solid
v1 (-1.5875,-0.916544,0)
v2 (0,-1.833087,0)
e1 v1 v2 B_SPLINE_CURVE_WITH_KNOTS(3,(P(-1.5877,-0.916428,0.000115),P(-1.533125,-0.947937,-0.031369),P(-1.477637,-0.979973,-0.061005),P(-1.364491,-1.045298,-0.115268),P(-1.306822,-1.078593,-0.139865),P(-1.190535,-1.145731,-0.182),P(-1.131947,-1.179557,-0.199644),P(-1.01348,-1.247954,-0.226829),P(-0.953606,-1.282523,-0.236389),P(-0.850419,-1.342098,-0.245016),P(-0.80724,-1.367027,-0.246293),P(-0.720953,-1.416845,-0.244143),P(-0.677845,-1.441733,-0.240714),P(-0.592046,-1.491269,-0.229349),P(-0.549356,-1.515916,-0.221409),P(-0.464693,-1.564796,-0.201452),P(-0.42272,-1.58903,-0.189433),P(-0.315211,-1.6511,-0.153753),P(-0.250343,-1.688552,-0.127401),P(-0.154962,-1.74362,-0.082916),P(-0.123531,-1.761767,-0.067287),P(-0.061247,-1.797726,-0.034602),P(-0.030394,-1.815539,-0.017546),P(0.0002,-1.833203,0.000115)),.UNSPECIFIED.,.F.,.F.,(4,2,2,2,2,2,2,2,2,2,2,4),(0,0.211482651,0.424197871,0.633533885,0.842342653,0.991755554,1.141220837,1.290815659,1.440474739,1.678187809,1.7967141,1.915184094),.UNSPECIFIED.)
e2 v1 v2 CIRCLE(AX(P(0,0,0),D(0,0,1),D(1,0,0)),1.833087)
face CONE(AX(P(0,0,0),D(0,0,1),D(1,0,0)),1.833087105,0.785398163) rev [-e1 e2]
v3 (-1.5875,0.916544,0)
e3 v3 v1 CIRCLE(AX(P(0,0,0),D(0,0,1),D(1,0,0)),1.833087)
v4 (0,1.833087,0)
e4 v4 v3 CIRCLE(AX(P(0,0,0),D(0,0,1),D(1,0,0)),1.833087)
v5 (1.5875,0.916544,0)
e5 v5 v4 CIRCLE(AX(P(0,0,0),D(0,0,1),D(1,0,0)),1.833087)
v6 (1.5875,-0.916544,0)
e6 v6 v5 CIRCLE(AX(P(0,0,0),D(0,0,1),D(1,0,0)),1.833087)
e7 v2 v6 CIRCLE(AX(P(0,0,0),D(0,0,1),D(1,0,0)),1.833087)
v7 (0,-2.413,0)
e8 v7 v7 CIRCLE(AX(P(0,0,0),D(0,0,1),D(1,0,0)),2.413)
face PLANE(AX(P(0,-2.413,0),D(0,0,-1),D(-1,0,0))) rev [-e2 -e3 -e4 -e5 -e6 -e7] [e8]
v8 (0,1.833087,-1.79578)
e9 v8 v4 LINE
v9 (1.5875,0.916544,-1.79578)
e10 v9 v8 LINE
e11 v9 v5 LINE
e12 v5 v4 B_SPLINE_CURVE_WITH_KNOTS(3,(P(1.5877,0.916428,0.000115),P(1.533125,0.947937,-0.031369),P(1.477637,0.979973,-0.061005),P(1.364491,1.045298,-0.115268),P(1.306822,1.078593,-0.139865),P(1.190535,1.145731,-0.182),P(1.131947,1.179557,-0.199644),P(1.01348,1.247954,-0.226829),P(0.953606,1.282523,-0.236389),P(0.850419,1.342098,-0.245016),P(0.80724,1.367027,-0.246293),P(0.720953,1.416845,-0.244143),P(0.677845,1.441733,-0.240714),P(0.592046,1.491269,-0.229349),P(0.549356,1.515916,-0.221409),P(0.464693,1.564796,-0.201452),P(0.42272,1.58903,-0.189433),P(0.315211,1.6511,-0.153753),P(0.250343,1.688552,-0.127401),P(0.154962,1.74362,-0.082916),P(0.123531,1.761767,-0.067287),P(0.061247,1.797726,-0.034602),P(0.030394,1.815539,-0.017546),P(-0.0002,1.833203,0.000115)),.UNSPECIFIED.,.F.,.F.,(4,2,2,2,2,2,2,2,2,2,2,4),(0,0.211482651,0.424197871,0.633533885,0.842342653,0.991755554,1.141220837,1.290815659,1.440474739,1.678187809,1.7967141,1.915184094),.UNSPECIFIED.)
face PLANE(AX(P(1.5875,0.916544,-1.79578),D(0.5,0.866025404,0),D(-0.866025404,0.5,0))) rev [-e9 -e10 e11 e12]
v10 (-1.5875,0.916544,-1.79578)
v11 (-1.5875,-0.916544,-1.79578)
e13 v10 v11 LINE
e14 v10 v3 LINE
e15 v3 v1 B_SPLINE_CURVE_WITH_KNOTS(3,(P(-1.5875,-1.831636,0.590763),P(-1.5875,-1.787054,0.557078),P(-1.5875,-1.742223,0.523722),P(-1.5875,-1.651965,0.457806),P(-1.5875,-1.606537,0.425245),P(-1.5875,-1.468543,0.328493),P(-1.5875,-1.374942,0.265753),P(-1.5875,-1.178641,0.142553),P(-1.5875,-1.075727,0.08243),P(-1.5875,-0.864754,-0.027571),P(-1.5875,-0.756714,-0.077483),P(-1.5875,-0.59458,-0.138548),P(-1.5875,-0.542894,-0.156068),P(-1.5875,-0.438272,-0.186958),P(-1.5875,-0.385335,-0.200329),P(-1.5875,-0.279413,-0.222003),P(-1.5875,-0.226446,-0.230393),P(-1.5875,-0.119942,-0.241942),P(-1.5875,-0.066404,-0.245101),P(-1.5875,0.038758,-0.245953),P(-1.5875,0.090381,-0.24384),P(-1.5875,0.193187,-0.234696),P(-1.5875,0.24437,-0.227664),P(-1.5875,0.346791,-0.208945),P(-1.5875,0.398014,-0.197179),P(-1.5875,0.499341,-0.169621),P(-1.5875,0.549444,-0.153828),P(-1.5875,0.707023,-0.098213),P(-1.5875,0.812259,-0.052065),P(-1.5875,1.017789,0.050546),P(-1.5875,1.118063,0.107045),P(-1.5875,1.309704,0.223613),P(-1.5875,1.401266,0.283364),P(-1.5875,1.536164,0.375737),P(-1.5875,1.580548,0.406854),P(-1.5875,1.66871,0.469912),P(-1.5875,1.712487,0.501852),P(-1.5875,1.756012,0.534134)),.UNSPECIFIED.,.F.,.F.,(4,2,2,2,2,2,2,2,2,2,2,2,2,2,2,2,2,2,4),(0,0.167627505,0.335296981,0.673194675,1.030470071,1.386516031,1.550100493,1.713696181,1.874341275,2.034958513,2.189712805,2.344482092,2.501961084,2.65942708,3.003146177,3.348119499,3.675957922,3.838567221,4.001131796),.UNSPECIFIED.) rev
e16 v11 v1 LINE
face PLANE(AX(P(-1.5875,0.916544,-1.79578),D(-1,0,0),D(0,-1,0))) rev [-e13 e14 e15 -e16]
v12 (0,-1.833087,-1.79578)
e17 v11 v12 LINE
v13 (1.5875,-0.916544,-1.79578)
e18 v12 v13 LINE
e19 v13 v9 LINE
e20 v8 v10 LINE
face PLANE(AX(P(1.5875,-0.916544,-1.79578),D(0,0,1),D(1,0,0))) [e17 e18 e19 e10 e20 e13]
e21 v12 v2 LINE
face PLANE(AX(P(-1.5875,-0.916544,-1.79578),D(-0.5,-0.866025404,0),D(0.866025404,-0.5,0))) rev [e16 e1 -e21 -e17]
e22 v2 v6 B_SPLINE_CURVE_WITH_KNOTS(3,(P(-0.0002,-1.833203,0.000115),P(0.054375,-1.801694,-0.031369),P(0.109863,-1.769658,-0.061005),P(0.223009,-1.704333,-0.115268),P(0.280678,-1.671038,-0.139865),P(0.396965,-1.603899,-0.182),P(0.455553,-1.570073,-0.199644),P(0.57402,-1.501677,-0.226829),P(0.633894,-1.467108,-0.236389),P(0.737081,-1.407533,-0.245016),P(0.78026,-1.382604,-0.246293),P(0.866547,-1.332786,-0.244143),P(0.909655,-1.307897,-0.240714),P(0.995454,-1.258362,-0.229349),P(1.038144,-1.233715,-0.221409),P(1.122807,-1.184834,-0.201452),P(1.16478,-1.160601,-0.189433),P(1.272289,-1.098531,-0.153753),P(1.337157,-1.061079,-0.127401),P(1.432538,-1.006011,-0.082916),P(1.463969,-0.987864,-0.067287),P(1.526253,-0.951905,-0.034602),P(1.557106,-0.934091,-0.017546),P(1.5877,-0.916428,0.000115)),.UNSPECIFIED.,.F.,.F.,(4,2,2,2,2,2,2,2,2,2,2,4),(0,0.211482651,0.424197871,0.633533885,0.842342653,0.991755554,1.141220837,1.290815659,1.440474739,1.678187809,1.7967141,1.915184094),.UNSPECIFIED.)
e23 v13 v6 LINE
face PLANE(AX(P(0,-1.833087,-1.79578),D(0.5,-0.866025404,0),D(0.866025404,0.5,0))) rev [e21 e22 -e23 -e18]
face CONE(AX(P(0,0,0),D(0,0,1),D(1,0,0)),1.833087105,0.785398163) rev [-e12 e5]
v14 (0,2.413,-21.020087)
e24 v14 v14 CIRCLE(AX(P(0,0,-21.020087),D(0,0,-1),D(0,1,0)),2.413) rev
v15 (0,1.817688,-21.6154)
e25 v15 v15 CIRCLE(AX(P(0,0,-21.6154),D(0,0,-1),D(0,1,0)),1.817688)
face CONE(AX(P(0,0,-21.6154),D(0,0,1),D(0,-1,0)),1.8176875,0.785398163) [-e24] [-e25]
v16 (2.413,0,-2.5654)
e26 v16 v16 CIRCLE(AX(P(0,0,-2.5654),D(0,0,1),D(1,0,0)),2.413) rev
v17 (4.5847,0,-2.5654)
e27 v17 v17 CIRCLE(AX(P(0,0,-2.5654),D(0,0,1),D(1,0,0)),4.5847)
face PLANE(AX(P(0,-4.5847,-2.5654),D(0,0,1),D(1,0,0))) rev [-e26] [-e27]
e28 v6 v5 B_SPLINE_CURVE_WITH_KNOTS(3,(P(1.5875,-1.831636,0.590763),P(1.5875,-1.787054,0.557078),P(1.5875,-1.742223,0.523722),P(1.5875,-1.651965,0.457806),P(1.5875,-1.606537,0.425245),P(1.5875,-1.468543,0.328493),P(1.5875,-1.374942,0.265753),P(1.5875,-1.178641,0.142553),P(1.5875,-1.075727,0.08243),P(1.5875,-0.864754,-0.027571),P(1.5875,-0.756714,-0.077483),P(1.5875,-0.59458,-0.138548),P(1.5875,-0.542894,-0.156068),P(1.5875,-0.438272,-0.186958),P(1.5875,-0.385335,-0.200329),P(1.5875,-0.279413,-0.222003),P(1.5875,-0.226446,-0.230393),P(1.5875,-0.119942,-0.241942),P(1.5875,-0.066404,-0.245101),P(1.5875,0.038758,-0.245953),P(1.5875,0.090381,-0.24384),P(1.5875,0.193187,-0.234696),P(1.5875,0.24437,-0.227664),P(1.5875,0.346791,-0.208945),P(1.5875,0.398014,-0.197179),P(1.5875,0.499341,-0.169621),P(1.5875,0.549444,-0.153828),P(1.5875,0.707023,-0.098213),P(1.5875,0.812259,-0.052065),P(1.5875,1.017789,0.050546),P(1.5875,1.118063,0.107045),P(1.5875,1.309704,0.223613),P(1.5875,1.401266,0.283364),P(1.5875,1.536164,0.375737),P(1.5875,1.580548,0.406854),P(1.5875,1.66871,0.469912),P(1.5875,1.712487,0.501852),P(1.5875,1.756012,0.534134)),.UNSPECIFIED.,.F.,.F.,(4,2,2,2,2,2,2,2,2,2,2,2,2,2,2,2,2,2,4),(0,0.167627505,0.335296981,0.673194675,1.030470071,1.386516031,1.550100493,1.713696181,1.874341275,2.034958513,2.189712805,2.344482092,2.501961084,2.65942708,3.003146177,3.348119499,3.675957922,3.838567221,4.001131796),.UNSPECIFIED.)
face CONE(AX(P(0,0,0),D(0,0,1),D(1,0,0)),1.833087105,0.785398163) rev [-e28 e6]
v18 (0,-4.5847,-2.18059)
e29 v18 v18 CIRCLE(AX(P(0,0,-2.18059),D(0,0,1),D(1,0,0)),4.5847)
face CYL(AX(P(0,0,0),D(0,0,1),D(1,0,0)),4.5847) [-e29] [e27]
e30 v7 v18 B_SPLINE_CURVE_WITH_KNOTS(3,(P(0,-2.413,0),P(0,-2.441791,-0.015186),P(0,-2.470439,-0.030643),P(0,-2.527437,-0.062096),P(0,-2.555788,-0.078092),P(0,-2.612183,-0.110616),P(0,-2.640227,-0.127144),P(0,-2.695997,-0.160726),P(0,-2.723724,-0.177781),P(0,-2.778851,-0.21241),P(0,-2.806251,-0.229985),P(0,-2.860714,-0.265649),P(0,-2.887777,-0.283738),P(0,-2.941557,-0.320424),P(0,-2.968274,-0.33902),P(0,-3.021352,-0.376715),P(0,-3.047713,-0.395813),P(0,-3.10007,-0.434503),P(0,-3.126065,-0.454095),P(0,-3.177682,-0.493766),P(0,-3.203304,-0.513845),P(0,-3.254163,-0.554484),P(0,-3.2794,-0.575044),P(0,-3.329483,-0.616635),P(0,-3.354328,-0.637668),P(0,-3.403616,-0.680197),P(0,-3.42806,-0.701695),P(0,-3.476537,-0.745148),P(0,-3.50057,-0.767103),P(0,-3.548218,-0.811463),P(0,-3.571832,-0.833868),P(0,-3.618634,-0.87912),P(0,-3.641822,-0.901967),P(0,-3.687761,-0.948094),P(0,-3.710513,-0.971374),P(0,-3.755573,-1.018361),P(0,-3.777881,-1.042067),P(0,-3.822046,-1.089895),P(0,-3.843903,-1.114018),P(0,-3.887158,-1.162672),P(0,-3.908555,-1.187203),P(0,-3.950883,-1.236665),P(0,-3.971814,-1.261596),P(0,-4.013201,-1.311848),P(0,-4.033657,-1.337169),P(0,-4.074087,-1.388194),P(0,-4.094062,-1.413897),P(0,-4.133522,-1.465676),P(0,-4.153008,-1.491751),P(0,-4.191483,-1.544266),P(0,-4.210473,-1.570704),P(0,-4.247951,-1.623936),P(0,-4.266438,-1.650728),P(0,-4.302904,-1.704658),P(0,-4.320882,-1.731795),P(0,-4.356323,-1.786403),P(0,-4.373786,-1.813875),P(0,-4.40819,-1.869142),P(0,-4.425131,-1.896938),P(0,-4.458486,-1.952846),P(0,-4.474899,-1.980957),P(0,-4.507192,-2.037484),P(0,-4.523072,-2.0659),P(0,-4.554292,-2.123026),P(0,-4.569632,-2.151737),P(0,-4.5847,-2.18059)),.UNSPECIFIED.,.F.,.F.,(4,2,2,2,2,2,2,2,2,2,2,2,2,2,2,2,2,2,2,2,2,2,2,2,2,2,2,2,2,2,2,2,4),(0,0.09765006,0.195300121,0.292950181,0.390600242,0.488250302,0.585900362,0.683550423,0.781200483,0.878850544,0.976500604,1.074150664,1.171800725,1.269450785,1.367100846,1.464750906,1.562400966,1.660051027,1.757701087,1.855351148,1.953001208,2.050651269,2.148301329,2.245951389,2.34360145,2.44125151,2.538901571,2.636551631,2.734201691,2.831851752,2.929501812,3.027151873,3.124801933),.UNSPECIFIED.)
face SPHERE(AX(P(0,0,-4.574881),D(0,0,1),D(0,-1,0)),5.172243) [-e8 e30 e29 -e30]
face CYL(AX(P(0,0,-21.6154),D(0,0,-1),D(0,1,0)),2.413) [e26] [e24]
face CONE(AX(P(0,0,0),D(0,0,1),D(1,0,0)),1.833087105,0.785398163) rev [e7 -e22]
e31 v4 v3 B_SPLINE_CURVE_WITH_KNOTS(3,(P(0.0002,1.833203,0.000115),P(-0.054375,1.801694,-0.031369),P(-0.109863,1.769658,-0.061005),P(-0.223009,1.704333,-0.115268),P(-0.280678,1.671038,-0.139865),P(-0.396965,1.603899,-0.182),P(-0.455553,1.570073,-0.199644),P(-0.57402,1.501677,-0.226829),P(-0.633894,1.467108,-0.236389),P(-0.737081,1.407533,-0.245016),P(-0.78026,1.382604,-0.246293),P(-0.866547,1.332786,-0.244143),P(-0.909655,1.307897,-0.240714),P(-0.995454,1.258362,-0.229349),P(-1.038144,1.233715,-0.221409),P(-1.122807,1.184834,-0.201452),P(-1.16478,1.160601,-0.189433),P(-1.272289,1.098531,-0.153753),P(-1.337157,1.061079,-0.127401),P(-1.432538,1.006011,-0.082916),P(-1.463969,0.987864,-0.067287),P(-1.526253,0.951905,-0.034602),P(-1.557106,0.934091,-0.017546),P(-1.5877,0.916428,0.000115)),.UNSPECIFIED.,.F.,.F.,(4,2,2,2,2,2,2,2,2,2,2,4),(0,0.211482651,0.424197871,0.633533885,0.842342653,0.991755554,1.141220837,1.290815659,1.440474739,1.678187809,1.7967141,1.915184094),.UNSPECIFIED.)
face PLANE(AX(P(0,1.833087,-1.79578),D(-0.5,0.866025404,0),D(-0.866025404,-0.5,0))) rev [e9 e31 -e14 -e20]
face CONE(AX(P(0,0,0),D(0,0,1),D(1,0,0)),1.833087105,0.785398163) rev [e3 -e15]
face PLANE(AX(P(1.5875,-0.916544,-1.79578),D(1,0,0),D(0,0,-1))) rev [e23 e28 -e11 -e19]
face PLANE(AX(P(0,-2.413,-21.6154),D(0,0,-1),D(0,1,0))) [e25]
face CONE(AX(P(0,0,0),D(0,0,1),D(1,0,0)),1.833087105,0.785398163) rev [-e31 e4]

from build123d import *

# Parameters (mm, degrees)
SKETCH1_W          = 19.05
SKETCH1_H          = 2.413
CHAMFER1_SIZE      = 0.5953125
CUT_EXTRUDE2_DEPTH = 1.79578
SKETCH6_R          = 1.833087105
CUT_EXTRUDE3_DEPTH = 1.79578
CUT_EXTRUDE3_TAPER = 45


with BuildPart() as part:
    # Sketch1 → Revolve1 (revolve)
    with BuildSketch(Plane(origin=(0, 0, 0), x_dir=(0, 0, -1), z_dir=(1, 0, 0))):
        with Locations((12.0904, 1.2065)):
            Rectangle(SKETCH1_W, SKETCH1_H)
    revolve(axis=Axis((0, 0, -21.6154), (0, 0, 1)))

    # Chamfer1
    chamfer1_edges = [part.edges().sort_by_distance(p)[0] for p in [
        (0, -2.413, -21.6154),
    ]]
    chamfer(chamfer1_edges, length=CHAMFER1_SIZE)

    # Sketch7 → Revolve2 (revolve)
    with BuildSketch(Plane(origin=(0, 0, 0), x_dir=(0, 0, -1), z_dir=(1, 0, 0))):
        with BuildLine():
            Line((2.18059, 4.5847), (2.5654, 4.5847))
            Line((2.5654, 4.5847), (2.5654, 0))
            Line((2.5654, 0), (0, 0))
            Line((0, 0), (0, 2.413))
            ThreePointArc((0, 2.413), (0.925030326, 3.664791196), (2.18059, 4.5847))
        make_face()
    revolve(axis=Axis((0, 0, 0), (0, 0, -1)))

    # Sketch5 → Cut-Extrude2 (cut)
    with BuildSketch(Plane.XY):
        Polygon((1.5875, -0.916543552), (1.5875, 0.916543552), (0, 1.833087105), (-1.5875, 0.916543552), (-1.5875, -0.916543552), (0, -1.833087105), align=None)
    extrude(amount=-CUT_EXTRUDE2_DEPTH, mode=Mode.SUBTRACT)

    # Sketch6 → Cut-Extrude3 (cut)
    with BuildSketch(Plane.XY):
        Circle(SKETCH6_R)
    extrude(amount=-CUT_EXTRUDE3_DEPTH, taper=CUT_EXTRUDE3_TAPER, mode=Mode.SUBTRACT)


solid = part.part
